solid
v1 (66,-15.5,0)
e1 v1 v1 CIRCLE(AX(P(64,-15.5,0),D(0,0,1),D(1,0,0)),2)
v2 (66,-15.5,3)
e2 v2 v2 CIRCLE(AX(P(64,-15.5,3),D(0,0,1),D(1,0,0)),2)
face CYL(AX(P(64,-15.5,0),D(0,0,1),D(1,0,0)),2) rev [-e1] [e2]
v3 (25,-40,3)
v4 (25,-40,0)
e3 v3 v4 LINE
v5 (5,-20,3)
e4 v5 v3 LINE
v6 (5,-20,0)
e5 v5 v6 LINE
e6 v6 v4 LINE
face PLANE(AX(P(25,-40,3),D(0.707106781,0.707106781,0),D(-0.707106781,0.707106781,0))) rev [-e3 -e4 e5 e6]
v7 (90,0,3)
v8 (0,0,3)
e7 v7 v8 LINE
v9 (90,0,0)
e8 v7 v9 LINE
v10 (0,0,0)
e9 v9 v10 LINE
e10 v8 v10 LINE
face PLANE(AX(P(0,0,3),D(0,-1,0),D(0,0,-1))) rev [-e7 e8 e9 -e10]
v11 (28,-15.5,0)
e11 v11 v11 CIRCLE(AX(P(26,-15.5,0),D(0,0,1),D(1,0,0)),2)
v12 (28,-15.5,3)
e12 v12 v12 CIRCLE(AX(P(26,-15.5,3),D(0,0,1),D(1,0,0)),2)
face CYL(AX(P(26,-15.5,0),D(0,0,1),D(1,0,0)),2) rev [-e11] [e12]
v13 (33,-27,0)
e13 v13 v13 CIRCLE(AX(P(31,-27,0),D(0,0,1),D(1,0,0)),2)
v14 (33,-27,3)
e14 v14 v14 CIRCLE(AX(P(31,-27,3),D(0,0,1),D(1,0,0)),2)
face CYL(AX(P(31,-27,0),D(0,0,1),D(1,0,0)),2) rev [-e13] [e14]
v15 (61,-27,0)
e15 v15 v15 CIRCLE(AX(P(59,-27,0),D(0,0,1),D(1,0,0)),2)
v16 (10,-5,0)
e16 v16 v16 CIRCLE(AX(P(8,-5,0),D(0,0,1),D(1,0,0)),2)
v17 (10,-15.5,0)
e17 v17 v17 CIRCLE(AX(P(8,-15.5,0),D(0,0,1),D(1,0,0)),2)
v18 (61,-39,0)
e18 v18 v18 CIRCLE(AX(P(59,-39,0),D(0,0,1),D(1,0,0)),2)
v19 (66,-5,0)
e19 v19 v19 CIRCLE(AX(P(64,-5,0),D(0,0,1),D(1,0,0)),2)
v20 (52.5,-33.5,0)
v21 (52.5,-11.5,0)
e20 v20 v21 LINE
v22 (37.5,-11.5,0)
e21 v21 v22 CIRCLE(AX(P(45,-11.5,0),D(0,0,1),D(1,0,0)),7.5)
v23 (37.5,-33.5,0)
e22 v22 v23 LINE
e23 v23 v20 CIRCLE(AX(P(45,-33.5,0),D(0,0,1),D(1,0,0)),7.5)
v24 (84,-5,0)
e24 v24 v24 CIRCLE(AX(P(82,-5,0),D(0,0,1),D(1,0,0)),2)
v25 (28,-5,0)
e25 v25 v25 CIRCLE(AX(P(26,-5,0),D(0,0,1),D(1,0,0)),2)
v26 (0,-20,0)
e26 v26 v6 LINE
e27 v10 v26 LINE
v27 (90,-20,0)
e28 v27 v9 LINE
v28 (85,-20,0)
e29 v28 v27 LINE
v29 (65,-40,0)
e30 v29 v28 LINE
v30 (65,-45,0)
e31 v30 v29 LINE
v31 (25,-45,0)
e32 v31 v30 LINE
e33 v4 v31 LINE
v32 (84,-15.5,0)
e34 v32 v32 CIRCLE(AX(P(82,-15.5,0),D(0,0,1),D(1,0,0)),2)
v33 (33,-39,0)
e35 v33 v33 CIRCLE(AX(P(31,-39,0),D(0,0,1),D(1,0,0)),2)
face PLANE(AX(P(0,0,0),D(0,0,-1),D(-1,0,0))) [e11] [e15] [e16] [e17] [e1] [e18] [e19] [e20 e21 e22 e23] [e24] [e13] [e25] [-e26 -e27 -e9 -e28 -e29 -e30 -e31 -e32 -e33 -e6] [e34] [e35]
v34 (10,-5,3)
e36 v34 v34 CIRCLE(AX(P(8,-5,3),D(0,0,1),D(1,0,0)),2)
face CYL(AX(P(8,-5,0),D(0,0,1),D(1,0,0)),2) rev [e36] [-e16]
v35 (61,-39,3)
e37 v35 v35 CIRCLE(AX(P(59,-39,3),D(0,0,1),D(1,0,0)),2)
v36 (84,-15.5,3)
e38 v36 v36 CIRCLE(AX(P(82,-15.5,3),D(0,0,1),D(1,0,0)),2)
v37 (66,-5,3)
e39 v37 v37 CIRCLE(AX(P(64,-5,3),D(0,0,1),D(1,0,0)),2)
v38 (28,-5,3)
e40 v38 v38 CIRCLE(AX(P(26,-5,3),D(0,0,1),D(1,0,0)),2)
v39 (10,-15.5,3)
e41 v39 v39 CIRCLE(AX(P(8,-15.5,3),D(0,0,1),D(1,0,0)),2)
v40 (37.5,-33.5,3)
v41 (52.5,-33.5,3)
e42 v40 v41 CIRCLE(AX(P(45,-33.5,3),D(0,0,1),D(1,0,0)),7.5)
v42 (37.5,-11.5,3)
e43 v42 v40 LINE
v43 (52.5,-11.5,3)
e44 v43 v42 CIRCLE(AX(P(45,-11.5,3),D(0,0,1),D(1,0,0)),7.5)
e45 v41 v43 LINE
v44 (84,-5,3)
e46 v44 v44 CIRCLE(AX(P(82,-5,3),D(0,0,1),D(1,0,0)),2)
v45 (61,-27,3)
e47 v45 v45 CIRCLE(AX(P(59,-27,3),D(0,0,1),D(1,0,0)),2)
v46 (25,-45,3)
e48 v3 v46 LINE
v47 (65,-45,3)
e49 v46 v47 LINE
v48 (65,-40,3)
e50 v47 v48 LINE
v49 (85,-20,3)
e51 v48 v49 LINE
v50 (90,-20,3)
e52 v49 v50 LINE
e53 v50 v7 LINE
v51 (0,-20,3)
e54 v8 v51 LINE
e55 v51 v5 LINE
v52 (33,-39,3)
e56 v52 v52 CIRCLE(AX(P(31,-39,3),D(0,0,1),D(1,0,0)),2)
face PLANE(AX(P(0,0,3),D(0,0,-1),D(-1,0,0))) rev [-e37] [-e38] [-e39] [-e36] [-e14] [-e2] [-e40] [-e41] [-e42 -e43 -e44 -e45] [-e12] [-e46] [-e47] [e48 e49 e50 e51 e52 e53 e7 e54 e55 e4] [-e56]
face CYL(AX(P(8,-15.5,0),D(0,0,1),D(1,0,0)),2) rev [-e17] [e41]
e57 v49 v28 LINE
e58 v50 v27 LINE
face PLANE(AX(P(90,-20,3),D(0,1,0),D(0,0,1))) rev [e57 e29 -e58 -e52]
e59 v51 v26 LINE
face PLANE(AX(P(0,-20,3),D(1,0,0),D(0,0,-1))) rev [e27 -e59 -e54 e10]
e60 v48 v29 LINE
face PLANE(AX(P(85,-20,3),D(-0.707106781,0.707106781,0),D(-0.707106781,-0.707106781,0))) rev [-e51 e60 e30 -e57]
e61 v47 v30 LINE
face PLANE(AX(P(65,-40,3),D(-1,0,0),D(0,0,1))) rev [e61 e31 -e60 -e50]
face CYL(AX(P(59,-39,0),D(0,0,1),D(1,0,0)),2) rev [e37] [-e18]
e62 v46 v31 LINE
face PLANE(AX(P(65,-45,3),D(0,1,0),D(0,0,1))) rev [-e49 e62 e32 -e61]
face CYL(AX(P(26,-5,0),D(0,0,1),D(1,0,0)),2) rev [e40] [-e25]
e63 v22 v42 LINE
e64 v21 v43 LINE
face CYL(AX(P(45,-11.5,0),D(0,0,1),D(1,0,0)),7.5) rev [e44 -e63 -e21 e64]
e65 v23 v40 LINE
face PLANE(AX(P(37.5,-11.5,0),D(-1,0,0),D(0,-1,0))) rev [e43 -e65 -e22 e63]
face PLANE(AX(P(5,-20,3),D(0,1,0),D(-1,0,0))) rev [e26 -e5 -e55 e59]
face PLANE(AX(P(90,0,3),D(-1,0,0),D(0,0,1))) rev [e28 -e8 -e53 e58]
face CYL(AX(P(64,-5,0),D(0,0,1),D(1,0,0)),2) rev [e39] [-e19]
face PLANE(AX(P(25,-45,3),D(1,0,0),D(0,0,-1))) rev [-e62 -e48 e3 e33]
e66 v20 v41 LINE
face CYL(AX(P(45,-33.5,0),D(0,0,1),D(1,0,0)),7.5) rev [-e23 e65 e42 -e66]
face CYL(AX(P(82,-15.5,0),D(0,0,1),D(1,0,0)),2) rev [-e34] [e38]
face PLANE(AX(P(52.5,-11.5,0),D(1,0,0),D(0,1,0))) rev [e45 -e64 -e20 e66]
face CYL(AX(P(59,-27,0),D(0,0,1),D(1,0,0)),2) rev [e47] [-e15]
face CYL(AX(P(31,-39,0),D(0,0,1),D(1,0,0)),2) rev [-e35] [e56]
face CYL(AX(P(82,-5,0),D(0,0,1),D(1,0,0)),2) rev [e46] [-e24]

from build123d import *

# Parameters (mm, degrees)
EXTRUDE_1_DEPTH     = 3
SKETCH_2_R          = 2
CUT_EXTRUDE_1_DEPTH = 3


with BuildPart() as part:
    # 草图1 → 凸台-拉伸1 (new body)
    with BuildSketch(Plane.XY):
        Polygon((0, 0), (90, 0), (90, -20), (85, -20), (65, -40), (65, -45), (25, -45), (25, -40), (5, -20), (0, -20), align=None)
    extrude(amount=EXTRUDE_1_DEPTH)

    # 草图2 → 切除-拉伸1 (cut)
    with BuildSketch(Plane.XY.offset(3)):
        with Locations((82, -5)):
            Circle(SKETCH_2_R)
        with Locations((82, -15.5)):
            Circle(SKETCH_2_R)
        with Locations((64, -15.5)):
            Circle(SKETCH_2_R)
        with Locations((64, -5)):
            Circle(SKETCH_2_R)
        with Locations((26, -5)):
            Circle(SKETCH_2_R)
        with Locations((26, -15.5)):
            Circle(SKETCH_2_R)
        with Locations((8, -5)):
            Circle(SKETCH_2_R)
        with Locations((8, -15.5)):
            Circle(SKETCH_2_R)
        with Locations((31, -27)):
            Circle(SKETCH_2_R)
        with Locations((31, -39)):
            Circle(SKETCH_2_R)
        with Locations((59, -27)):
            Circle(SKETCH_2_R)
        with Locations((59, -39)):
            Circle(SKETCH_2_R)
        with BuildLine():
            Line((52.5, -11.5), (52.5, -33.5))
            ThreePointArc((52.5, -33.5), (45, -41), (37.5, -33.5))
            Line((37.5, -33.5), (37.5, -11.5))
            ThreePointArc((37.5, -11.5), (45, -4), (52.5, -11.5))
        make_face()
    extrude(amount=-CUT_EXTRUDE_1_DEPTH, mode=Mode.SUBTRACT)


solid = part.part
